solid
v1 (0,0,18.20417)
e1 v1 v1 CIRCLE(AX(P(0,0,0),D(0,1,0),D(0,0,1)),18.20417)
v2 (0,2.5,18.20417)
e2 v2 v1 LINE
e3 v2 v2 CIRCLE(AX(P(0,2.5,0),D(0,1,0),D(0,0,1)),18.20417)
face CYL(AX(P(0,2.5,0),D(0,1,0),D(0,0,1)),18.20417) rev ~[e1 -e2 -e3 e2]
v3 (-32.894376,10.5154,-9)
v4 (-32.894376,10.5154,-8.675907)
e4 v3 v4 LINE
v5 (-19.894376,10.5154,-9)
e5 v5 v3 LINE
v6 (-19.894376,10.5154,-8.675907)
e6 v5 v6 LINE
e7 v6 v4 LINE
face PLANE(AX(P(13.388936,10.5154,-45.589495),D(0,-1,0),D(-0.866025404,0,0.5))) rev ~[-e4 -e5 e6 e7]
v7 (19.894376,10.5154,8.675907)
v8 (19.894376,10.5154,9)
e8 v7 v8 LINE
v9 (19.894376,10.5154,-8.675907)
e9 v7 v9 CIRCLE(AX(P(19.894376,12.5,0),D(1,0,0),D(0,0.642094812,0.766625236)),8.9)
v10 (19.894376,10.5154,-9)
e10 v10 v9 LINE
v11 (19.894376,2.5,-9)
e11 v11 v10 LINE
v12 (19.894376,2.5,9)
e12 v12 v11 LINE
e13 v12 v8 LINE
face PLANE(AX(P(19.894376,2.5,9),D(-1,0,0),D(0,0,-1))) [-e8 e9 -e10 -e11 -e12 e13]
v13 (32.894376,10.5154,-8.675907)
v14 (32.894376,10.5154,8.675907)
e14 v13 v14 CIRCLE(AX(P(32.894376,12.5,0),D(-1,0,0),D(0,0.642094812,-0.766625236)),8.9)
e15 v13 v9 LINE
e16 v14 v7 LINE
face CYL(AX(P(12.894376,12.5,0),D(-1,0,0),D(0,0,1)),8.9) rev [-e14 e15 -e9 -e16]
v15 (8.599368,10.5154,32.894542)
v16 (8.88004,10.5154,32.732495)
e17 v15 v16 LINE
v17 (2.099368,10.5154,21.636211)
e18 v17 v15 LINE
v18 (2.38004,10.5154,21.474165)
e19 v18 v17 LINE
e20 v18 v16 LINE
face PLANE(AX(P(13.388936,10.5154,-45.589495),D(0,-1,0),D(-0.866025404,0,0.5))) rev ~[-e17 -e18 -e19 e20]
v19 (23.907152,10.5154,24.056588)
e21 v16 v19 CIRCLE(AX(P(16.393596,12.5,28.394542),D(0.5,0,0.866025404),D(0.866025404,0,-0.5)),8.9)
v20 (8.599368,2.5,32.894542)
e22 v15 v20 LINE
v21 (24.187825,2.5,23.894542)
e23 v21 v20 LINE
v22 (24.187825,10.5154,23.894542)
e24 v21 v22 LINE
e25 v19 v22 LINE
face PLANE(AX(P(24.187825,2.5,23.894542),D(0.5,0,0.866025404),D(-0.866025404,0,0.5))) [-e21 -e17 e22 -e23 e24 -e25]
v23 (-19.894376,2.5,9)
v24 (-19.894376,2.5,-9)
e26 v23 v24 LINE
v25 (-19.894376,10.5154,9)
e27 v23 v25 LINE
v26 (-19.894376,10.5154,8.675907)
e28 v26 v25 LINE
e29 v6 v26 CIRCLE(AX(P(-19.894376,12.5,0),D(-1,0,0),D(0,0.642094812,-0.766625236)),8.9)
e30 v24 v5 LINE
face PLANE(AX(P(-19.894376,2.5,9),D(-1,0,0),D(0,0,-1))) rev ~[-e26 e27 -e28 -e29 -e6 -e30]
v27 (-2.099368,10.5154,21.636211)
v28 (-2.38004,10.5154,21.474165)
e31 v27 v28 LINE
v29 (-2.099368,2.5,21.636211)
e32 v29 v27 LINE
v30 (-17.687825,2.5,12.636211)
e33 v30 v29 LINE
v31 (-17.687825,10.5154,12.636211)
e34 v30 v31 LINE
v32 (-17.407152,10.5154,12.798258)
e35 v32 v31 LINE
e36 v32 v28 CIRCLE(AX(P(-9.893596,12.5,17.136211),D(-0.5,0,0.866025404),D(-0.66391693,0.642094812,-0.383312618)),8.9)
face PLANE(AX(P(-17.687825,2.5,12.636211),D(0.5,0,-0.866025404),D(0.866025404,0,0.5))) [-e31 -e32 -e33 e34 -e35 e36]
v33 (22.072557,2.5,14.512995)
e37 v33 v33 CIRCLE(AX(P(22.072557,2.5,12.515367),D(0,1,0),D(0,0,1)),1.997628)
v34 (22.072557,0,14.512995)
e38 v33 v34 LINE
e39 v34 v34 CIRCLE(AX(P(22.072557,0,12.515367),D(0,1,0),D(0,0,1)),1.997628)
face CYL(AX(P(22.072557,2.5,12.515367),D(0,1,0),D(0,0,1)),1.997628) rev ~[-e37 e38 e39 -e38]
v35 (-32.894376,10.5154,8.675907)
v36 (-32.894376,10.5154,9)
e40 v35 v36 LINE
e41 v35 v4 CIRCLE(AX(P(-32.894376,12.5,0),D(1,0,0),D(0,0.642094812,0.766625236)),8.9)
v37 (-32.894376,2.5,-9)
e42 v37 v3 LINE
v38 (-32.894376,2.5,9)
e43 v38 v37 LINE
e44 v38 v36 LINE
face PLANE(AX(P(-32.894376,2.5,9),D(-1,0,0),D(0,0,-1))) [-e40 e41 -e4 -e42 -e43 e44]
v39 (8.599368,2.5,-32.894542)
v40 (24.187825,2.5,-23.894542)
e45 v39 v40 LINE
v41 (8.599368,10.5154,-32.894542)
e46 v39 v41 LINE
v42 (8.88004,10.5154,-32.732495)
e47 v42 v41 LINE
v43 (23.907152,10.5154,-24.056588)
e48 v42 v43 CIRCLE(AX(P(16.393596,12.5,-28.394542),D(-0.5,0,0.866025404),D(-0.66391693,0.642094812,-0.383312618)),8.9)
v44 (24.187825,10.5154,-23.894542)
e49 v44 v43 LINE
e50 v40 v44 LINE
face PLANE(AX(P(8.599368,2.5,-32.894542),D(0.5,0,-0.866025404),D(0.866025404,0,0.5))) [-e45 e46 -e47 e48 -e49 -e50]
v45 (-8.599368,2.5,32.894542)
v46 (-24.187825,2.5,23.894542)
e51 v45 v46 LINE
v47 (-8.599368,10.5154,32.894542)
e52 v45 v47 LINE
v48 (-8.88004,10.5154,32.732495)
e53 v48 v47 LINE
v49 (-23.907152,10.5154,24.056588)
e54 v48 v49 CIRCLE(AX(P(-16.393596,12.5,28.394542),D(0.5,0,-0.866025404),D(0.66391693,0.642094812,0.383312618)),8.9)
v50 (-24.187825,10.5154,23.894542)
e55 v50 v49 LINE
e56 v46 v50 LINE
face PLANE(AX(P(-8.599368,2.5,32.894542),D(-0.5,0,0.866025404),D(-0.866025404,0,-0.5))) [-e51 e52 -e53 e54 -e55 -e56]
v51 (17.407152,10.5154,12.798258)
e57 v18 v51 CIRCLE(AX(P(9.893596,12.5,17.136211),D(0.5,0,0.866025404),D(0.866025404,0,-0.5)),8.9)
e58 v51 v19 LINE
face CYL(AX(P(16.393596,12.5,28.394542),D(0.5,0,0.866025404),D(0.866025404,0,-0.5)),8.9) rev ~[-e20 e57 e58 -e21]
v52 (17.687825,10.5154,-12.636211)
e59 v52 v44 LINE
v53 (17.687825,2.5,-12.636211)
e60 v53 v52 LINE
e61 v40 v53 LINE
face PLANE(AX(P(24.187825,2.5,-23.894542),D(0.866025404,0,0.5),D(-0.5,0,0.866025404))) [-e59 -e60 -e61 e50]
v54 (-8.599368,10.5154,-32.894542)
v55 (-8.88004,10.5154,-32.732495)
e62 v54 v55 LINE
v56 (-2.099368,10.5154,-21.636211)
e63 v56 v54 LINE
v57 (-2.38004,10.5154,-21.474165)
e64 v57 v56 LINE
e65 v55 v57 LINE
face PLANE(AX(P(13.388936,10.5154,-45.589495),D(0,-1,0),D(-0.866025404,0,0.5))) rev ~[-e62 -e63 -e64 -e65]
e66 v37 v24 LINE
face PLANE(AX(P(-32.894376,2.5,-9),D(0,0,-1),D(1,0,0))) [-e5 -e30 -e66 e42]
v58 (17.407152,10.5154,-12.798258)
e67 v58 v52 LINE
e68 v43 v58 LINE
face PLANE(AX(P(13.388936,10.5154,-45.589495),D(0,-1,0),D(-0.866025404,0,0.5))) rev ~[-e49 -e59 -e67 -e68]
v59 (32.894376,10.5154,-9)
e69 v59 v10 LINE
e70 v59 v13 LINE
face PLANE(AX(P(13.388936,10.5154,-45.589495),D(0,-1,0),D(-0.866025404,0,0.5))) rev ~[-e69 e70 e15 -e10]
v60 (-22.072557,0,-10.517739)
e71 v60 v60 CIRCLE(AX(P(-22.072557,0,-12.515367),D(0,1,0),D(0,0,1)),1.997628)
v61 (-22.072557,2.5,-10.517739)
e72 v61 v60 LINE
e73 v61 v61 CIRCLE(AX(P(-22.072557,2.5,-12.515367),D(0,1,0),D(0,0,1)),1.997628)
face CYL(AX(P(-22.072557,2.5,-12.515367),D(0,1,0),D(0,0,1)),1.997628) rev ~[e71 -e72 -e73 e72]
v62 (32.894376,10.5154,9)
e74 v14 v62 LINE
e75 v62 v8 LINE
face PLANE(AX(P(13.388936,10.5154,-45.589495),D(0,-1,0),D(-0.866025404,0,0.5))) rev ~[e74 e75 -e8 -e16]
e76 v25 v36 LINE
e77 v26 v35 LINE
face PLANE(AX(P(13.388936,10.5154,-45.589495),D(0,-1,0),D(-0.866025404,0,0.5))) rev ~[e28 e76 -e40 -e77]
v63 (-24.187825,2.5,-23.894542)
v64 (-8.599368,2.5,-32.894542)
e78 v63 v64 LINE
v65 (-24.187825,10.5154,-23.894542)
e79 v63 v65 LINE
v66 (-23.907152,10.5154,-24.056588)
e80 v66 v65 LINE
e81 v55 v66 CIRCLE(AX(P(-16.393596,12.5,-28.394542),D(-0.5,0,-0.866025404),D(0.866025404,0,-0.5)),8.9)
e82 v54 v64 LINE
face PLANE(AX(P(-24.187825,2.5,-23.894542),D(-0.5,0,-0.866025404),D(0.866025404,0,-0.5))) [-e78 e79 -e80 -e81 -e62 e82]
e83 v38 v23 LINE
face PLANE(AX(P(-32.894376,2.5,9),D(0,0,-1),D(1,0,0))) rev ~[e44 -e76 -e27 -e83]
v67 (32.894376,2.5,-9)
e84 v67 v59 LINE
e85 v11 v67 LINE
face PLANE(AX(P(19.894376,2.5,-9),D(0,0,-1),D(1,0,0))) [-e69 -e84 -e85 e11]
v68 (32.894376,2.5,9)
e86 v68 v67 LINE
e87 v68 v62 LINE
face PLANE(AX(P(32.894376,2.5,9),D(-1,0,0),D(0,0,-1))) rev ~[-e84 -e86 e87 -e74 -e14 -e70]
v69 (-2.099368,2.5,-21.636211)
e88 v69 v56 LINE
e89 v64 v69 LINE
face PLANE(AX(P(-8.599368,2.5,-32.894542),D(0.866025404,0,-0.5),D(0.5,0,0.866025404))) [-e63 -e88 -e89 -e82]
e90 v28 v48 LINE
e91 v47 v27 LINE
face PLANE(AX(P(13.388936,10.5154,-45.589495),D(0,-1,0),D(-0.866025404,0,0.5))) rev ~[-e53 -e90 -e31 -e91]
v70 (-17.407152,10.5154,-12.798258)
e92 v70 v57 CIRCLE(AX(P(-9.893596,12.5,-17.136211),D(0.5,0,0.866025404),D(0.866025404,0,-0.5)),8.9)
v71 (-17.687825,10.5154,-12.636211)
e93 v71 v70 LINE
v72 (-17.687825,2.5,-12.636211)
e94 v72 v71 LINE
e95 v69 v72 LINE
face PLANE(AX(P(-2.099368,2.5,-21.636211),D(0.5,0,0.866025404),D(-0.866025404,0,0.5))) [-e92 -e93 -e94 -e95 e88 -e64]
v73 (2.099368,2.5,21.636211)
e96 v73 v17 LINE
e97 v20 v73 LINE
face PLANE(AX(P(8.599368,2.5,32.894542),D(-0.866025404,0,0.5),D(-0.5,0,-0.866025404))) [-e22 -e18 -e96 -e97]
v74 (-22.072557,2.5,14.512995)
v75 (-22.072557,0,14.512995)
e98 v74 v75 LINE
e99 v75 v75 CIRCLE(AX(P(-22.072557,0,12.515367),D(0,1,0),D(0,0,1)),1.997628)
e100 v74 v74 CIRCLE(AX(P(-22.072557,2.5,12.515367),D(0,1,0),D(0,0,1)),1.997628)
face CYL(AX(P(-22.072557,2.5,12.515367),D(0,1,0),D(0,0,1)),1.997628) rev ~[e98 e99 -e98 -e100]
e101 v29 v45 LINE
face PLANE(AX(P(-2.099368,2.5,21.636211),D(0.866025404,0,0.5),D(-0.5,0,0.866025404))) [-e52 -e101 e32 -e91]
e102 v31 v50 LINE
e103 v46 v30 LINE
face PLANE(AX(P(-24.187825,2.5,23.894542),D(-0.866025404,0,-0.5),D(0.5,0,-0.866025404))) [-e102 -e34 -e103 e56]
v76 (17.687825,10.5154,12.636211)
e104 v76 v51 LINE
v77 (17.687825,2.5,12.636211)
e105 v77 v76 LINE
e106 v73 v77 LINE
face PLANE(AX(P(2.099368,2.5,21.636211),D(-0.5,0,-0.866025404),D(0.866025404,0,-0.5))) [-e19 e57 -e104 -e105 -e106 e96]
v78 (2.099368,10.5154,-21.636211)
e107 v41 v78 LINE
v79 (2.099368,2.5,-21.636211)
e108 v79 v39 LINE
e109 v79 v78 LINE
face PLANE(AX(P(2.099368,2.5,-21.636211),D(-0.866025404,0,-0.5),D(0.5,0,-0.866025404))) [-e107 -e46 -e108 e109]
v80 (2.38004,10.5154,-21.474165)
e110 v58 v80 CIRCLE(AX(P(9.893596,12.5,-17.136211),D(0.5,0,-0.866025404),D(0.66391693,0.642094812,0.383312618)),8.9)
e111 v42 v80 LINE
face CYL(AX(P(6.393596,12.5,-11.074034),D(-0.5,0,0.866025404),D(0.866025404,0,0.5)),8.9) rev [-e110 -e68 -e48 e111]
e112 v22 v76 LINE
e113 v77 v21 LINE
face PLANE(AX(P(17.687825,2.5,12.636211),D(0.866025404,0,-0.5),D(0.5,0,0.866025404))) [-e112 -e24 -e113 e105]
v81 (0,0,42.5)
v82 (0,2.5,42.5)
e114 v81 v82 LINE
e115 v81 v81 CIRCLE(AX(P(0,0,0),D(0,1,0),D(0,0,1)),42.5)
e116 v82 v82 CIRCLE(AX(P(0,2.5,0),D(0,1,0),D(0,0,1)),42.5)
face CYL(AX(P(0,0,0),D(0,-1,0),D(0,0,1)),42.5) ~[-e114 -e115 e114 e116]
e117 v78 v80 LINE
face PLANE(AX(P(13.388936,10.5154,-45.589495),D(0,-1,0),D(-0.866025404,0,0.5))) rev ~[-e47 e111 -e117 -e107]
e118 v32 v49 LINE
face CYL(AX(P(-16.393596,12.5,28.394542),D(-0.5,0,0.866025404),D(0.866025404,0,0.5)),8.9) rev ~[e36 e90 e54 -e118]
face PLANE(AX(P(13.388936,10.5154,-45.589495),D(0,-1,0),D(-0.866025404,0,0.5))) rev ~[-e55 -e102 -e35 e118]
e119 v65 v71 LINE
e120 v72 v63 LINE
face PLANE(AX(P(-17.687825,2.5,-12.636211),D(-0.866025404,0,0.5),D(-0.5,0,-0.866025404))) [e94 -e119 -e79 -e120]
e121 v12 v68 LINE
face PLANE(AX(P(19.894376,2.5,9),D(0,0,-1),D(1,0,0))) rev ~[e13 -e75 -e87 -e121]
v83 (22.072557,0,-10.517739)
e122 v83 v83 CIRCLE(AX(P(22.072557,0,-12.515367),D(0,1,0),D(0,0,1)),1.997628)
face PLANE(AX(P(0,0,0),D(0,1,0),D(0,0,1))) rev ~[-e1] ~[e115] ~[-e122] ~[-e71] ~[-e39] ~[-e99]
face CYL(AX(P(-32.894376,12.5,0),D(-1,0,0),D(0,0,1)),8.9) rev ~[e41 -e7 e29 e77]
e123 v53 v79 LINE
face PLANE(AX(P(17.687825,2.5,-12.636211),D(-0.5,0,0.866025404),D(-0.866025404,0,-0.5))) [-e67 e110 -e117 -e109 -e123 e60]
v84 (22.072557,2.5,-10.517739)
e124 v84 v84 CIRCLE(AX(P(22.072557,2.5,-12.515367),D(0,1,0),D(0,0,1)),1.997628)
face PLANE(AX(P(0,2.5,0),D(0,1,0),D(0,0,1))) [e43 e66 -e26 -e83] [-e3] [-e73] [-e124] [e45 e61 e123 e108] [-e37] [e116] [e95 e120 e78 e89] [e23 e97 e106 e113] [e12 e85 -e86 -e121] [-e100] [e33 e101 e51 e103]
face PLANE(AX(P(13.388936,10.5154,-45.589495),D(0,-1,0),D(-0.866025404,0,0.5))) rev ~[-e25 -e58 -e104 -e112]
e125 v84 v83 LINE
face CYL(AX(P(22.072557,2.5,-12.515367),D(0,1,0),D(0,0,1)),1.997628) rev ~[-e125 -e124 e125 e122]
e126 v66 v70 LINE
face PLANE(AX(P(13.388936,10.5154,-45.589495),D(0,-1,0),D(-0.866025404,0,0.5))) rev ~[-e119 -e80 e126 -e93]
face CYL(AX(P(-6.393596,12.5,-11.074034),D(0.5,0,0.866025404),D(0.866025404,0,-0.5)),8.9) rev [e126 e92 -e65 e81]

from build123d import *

# Parameters (mm, degrees)
SKETCH1_R           = 42.5
BOSS_EXTRUDE1_DEPTH = 2.5
SKETCH3_W           = 13
SKETCH3_H           = 18
BOSS_EXTRUDE2_DEPTH = 20
SKETCH4_R           = 8.9
CUT_EXTRUDE2_DEPTH  = 20
SKETCH5_R           = 8.9
CUT_EXTRUDE3_DEPTH  = 20
SKETCH6_R           = 8.9
CUT_EXTRUDE4_DEPTH  = 20
CUT_EXTRUDE5_START  = -20
SKETCH7_R           = 8.9
CUT_EXTRUDE5_DEPTH  = 20
CUT_EXTRUDE6_START  = -20
SKETCH8_R           = 8.9
CUT_EXTRUDE6_DEPTH  = 20
CUT_EXTRUDE7_START  = -20
SKETCH9_R           = 8.9
CUT_EXTRUDE7_DEPTH  = 20
CUT_EXTRUDE8_DEPTH  = 76.388
SKETCH11_W          = 71.811217628
SKETCH11_H          = 11.984599711
CUT_EXTRUDE9_DEPTH  = 76.388
SKETCH12_R          = 18.204170311
CUT_EXTRUDE10_DEPTH = 76.388
SKETCH13_R          = 1.997627935
CUT_EXTRUDE11_DEPTH = 10


with BuildPart() as part:
    # Sketch1 → Boss-Extrude1 (new body)
    with BuildSketch(Plane(origin=(0, 0, 0), x_dir=(1, 0, 0), z_dir=(0, 1, 0))):
        Circle(SKETCH1_R)
    extrude(amount=BOSS_EXTRUDE1_DEPTH)

    # Sketch3 → Boss-Extrude2 (add)
    with BuildSketch(Plane(origin=(0, 2.5, 0), x_dir=(1, 0, 0), z_dir=(0, 1, 0))):
        with Locations((-26.394376419, 0)):
            Rectangle(SKETCH3_W, SKETCH3_H)
        with Locations((26.394376419, 0)):
            Rectangle(SKETCH3_W, SKETCH3_H)
        Polygon((-8.599367677, 32.894541729), (-2.099367677, 21.63621148), (-17.687824945, 12.63621148), (-24.187824945, 23.894541729), align=None)
        Polygon((8.599367677, 32.894541729), (24.187824945, 23.894541729), (17.687824945, 12.63621148), (2.099367677, 21.63621148), align=None)
        Polygon((8.599367677, -32.894541729), (2.099367677, -21.63621148), (17.687824945, -12.63621148), (24.187824945, -23.894541729), align=None)
        Polygon((-8.599367677, -32.894541729), (-24.187824945, -23.894541729), (-17.687824945, -12.63621148), (-2.099367677, -21.63621148), align=None)
    extrude(amount=BOSS_EXTRUDE2_DEPTH)

    # Sketch4 → Cut-Extrude2 (cut)
    with BuildSketch(Plane.ZY.offset(32.894376419)):
        with Locations((0, 12.5)):
            Circle(SKETCH4_R)
    extrude(amount=-CUT_EXTRUDE2_DEPTH, mode=Mode.SUBTRACT)

    # Sketch5 → Cut-Extrude3 (cut)
    with BuildSketch(Plane(origin=(-16.393596311, 0, 28.394541729), x_dir=(0.8660254037844386, 0, 0.5000000000000003), z_dir=(-0.5000000000000003, 0, 0.8660254037844386))):
        with Locations((0, 12.5)):
            Circle(SKETCH5_R)
    extrude(amount=-CUT_EXTRUDE3_DEPTH, mode=Mode.SUBTRACT)

    # Sketch6 → Cut-Extrude4 (cut)
    with BuildSketch(Plane(origin=(16.393596311, 0, 28.394541729), x_dir=(0.8660254037844386, 0, -0.5000000000000003), z_dir=(0.5000000000000003, 0, 0.8660254037844386))):
        with Locations((0, 12.5)):
            Circle(SKETCH6_R)
    extrude(amount=-CUT_EXTRUDE4_DEPTH, mode=Mode.SUBTRACT)

    # Sketch7 → Cut-Extrude5 (cut)
    with BuildSketch(Plane(origin=(32.894376419, 0, 0), x_dir=(0, 0, -1), z_dir=(1, 0, 0)).offset(CUT_EXTRUDE5_START)):
        with Locations((0, 12.5)):
            Circle(SKETCH7_R)
    extrude(amount=CUT_EXTRUDE5_DEPTH, mode=Mode.SUBTRACT)

    # Sketch8 → Cut-Extrude6 (cut)
    with BuildSketch(Plane(origin=(16.393596311, 0, -28.394541729), x_dir=(-0.8660254037844386, 0, -0.5000000000000003), z_dir=(0.5000000000000003, 0, -0.8660254037844386)).offset(CUT_EXTRUDE6_START)):
        with Locations((0, 12.5)):
            Circle(SKETCH8_R)
    extrude(amount=CUT_EXTRUDE6_DEPTH, mode=Mode.SUBTRACT)

    # Sketch9 → Cut-Extrude7 (cut)
    with BuildSketch(Plane(origin=(-16.393596311, 0, -28.394541729), x_dir=(-0.8660254037844386, 0, 0.5000000000000003), z_dir=(-0.5000000000000003, 0, -0.8660254037844386)).offset(CUT_EXTRUDE7_START)):
        with Locations((0, 12.5)):
            Circle(SKETCH9_R)
    extrude(amount=CUT_EXTRUDE7_DEPTH, mode=Mode.SUBTRACT)

    # Sketch10 → Cut-Extrude8 (cut)
    with BuildSketch(Plane(origin=(-16.393596311, 0, -28.394541729), x_dir=(-0.8660254037844386, 0, 0.5000000000000003), z_dir=(-0.5000000000000003, 0, -0.8660254037844386))):
        Polygon((-35.669118209, 18.214643823), (-9, 18.214643823), (-9, 22.5), (9, 22.5), (9, 18.214643823), (33.747549551, 18.214643823), (33.747549551, 25.559573076), (-35.669118209, 25.559573076), align=None)
    extrude(amount=-CUT_EXTRUDE8_DEPTH, mode=Mode.SUBTRACT)

    # Sketch11 → Cut-Extrude9 (cut)
    with BuildSketch(Plane(origin=(-16.393596311, 0, -28.394541729), x_dir=(-0.8660254037844386, 0, 0.5000000000000003), z_dir=(-0.5000000000000003, 0, -0.8660254037844386))):
        with Locations((1.515702587, 16.507700144)):
            Rectangle(SKETCH11_W, SKETCH11_H)
    extrude(amount=-CUT_EXTRUDE9_DEPTH, mode=Mode.SUBTRACT)

    # Sketch12 → Cut-Extrude10 (cut)
    with BuildSketch(Plane(origin=(0, 2.5, 0), x_dir=(1, 0, 0), z_dir=(0, 1, 0))):
        Circle(SKETCH12_R)
    extrude(amount=-CUT_EXTRUDE10_DEPTH, mode=Mode.SUBTRACT)

    # Sketch13 → Cut-Extrude11 (cut)
    with BuildSketch(Plane(origin=(0, 2.5, 0), x_dir=(1, 0, 0), z_dir=(0, 1, 0))):
        with Locations((-22.072556502, 12.515367089)):
            Circle(SKETCH13_R)
        with Locations((22.072556502, 12.515367089)):
            Circle(SKETCH13_R)
        with Locations((22.072556502, -12.515367089)):
            Circle(SKETCH13_R)
        with Locations((-22.072556502, -12.515367089)):
            Circle(SKETCH13_R)
    extrude(amount=-CUT_EXTRUDE11_DEPTH, mode=Mode.SUBTRACT)


solid = part.part
